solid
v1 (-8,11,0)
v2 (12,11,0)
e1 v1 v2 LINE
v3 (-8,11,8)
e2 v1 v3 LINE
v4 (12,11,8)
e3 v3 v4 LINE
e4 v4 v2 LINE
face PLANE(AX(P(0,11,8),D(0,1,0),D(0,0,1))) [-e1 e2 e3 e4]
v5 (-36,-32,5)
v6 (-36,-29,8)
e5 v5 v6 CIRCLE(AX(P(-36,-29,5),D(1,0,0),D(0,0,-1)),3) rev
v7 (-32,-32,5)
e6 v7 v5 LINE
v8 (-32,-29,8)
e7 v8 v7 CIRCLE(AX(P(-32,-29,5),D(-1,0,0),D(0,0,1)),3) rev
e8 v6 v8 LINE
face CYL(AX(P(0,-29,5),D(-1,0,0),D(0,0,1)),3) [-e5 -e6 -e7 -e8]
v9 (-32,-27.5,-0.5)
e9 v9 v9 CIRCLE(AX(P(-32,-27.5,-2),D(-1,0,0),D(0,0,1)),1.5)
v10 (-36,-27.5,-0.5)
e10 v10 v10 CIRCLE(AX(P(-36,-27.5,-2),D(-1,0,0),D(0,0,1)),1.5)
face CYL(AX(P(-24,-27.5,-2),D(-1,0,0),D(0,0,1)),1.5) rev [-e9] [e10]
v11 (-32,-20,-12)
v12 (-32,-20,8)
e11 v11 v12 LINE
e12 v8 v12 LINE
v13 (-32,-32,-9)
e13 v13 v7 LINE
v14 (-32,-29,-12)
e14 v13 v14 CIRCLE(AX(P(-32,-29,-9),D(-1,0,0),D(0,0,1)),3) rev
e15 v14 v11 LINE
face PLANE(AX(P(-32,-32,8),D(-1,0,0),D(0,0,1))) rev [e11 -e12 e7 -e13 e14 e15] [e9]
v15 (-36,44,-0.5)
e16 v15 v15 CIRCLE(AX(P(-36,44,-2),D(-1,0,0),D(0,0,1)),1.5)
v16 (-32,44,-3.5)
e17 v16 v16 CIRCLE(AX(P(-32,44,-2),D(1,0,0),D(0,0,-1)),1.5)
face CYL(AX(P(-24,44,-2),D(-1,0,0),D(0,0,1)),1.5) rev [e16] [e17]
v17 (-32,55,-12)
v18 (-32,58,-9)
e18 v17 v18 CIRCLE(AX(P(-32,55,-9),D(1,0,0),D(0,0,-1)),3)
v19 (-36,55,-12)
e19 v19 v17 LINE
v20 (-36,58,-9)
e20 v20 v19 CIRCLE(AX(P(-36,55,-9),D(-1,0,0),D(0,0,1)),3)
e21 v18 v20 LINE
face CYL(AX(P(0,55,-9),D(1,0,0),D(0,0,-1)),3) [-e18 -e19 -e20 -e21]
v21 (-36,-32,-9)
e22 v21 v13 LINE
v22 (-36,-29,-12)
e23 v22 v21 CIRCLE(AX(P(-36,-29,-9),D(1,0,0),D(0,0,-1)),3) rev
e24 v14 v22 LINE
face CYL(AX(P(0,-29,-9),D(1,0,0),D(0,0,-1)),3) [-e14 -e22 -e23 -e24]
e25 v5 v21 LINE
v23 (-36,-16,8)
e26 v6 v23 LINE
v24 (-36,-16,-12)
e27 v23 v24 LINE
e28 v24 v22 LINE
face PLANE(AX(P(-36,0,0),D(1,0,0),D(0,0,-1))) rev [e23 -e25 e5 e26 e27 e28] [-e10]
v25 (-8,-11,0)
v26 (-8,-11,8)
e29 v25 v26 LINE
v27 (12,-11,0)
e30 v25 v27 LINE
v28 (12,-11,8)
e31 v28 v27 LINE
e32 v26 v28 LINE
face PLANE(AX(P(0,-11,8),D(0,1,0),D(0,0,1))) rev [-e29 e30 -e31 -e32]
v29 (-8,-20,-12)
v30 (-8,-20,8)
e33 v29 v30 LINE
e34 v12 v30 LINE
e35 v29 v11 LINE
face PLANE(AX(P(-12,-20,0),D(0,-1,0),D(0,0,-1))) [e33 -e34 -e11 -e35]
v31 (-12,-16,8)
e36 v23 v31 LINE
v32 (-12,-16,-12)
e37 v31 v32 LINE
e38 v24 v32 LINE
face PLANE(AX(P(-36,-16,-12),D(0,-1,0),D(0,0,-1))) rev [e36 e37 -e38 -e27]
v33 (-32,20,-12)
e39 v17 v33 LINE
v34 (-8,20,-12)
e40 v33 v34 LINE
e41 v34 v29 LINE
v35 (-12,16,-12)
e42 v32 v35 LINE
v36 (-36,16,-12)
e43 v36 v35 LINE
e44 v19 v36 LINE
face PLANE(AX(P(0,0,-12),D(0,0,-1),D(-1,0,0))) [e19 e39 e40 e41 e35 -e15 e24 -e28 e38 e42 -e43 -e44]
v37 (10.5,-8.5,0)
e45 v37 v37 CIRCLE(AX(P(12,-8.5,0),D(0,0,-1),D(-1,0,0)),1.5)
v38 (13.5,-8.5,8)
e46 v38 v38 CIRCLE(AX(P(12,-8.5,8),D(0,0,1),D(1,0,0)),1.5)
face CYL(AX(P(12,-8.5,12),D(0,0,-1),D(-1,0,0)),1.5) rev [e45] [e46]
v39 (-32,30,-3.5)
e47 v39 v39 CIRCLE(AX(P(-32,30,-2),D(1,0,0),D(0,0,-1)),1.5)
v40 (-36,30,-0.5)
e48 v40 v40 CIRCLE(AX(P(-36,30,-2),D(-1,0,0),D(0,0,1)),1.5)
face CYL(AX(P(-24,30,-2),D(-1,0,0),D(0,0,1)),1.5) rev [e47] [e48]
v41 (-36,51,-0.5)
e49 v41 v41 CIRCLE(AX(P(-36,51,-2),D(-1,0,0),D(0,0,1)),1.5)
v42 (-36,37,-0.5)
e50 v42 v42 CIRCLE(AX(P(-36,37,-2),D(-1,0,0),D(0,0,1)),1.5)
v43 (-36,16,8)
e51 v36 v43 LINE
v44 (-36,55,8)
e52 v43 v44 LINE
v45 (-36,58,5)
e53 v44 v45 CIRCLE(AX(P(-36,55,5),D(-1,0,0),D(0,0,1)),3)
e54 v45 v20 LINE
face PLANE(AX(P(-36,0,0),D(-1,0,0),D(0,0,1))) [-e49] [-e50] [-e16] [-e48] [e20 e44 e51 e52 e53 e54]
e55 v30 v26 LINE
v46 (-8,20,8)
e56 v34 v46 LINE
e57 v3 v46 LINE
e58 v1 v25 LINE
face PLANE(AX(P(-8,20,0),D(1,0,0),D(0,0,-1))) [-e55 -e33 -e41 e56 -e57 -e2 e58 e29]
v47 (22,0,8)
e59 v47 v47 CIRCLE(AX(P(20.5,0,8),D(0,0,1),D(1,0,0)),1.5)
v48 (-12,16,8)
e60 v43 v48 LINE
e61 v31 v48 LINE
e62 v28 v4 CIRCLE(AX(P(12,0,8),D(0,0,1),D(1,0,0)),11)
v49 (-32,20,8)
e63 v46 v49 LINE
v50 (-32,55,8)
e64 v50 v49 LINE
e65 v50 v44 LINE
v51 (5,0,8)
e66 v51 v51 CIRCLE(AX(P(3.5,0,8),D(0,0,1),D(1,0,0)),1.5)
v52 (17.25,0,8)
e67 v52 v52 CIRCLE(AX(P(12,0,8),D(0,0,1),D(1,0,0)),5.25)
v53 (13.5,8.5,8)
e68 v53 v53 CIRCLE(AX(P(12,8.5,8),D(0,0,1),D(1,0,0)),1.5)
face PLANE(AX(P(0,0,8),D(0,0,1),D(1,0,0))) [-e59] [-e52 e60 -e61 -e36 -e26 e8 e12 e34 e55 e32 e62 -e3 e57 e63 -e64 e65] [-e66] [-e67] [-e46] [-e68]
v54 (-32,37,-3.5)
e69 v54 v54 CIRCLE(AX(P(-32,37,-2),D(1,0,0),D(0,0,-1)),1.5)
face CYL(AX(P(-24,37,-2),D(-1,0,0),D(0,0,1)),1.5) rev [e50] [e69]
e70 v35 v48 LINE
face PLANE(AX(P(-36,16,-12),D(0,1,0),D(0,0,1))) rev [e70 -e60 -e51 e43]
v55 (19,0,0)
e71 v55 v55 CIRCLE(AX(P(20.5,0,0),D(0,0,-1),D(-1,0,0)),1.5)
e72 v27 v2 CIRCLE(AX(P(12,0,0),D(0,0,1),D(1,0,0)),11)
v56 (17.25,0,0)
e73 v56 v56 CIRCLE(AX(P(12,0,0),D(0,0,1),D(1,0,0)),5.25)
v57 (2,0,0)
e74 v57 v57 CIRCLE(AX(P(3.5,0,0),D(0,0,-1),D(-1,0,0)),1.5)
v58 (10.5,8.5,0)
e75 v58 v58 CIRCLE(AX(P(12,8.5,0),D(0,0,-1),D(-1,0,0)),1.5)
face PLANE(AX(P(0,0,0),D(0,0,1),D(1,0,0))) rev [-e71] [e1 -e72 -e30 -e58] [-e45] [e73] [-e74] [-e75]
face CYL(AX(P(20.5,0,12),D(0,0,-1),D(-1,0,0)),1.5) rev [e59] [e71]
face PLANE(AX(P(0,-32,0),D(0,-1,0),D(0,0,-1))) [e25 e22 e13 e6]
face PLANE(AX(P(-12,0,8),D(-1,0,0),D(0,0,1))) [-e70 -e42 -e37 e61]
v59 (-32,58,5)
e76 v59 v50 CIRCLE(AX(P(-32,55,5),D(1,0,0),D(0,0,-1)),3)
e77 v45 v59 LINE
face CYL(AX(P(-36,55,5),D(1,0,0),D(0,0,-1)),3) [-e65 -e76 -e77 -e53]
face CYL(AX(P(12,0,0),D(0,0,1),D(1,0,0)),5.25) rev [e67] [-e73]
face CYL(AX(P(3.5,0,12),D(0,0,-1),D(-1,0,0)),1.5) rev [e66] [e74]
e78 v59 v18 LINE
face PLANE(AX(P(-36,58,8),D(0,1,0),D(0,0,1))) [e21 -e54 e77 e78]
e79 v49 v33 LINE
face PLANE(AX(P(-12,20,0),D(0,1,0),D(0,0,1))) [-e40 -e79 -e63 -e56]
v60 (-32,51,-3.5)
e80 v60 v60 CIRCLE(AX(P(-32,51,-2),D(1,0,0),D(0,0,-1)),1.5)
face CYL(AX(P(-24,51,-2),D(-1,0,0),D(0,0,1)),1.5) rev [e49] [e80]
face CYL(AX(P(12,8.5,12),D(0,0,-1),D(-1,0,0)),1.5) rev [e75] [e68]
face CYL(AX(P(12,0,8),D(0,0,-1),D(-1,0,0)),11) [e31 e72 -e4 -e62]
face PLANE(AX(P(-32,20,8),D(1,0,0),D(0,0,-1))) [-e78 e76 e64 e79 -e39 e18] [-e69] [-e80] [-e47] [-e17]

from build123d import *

# Parameters (mm, degrees)
BOSS_EXTRUDE2_DEPTH = 8
SKETCH3_R           = 5.25
CUT_EXTRUDE1_DEPTH  = 8
SKETCH7_W           = 4
SKETCH7_H           = 9
BOSS_EXTRUDE3_DEPTH = 8
SKETCH8_W           = 4
SKETCH8_H           = 40
BOSS_EXTRUDE4_DEPTH = 12
SKETCH9_W           = 20
SKETCH9_H           = 4
BOSS_EXTRUDE5_DEPTH = 24
SKETCH10_W          = 20
SKETCH10_H          = 4
BOSS_EXTRUDE6_DEPTH = 24
SKETCH12_W          = 4
SKETCH12_H          = 38
BOSS_EXTRUDE7_DEPTH = 20
SKETCH13_W          = 4
SKETCH13_H          = 20
BOSS_EXTRUDE8_DEPTH = 12
SKETCH14_R          = 1.5
CUT_EXTRUDE2_DEPTH  = 12
SKETCH15_R          = 1.5
CUT_EXTRUDE3_DEPTH  = 12
FILLET1_R           = 3
SKETCH16_R          = 1.5
CUT_EXTRUDE4_DEPTH  = 12


with BuildPart() as part:
    # Sketch1 → Boss-Extrude2 (new body)
    with BuildSketch(Plane.XY):
        with BuildLine():
            ThreePointArc((12, 11), (1, 0), (12, -11))
            Line((12, -11), (12, 11))
        make_face()
        with BuildLine():
            Line((12, 11), (12, -11))
            ThreePointArc((12, -11), (19.778174593, -7.778174593), (23, 0))
            ThreePointArc((23, 0), (19.778174593, 7.778174593), (12, 11))
        make_face()
        with BuildLine():
            Line((-12, 11), (-12, -11))
            Line((-12, -11), (12, -11))
            ThreePointArc((12, -11), (1, 0), (12, 11))
            Line((12, 11), (-12, 11))
        make_face()
    extrude(amount=BOSS_EXTRUDE2_DEPTH)

    # Sketch3 → Cut-Extrude1 (cut)
    with BuildSketch(Plane.XY.offset(8)):
        with Locations((12, 0)):
            Circle(SKETCH3_R)
    extrude(amount=-CUT_EXTRUDE1_DEPTH, mode=Mode.SUBTRACT)

    # Sketch7 → Boss-Extrude3 (add)
    with BuildSketch(Plane.XY.offset(8)):
        with Locations((-10, 15.5)):
            Rectangle(SKETCH7_W, SKETCH7_H)
        with Locations((-10, -15.5)):
            Rectangle(SKETCH7_W, SKETCH7_H)
    extrude(amount=-BOSS_EXTRUDE3_DEPTH)

    # Sketch8 → Boss-Extrude4 (add)
    with BuildSketch(Plane(origin=(0, 0, 0), x_dir=(-1, 0, 0), z_dir=(0, 0, -1))):
        with Locations((10, 0)):
            Rectangle(SKETCH8_W, SKETCH8_H)
    extrude(amount=BOSS_EXTRUDE4_DEPTH)

    # Sketch9 → Boss-Extrude5 (add)
    with BuildSketch(Plane.ZY.offset(12)):
        with Locations((-2, 18)):
            Rectangle(SKETCH9_W, SKETCH9_H)
    extrude(amount=BOSS_EXTRUDE5_DEPTH)

    # Sketch10 → Boss-Extrude6 (add)
    with BuildSketch(Plane.ZY.offset(12)):
        with Locations((-2, -18)):
            Rectangle(SKETCH10_W, SKETCH10_H)
    extrude(amount=BOSS_EXTRUDE6_DEPTH)

    # Sketch12 → Boss-Extrude7 (add)
    with BuildSketch(Plane(origin=(0, 0, -12), x_dir=(-1, 0, 0), z_dir=(0, 0, -1))):
        with Locations((34, 39)):
            Rectangle(SKETCH12_W, SKETCH12_H)
    extrude(amount=-BOSS_EXTRUDE7_DEPTH)

    # Sketch13 → Boss-Extrude8 (add)
    with BuildSketch(Plane.XZ.offset(20)):
        with Locations((-34, -2)):
            Rectangle(SKETCH13_W, SKETCH13_H)
    extrude(amount=BOSS_EXTRUDE8_DEPTH)

    # Sketch14 → Cut-Extrude2 (cut)
    with BuildSketch(Plane.ZY.offset(36)):
        with Locations((-2, -27.5)):
            Circle(SKETCH14_R)
    extrude(amount=-CUT_EXTRUDE2_DEPTH, mode=Mode.SUBTRACT)

    # Sketch15 → Cut-Extrude3 (cut)
    with BuildSketch(Plane.ZY.offset(36)):
        with Locations((-2, 51)):
            Circle(SKETCH15_R)
        with Locations((-2, 44)):
            Circle(SKETCH15_R)
        with Locations((-2, 37)):
            Circle(SKETCH15_R)
        with Locations((-2, 30)):
            Circle(SKETCH15_R)
    extrude(amount=-CUT_EXTRUDE3_DEPTH, mode=Mode.SUBTRACT)

    # Fillet1
    fillet1_edges = [part.edges().sort_by_distance(p)[0] for p in [
        (-34, -32, -12),
        (-34, -32, 8),
        (-34, 58, 8),
        (-34, 58, -12),
    ]]
    fillet(fillet1_edges, radius=FILLET1_R)

    # Sketch16 → Cut-Extrude4 (cut)
    with BuildSketch(Plane(origin=(0, 0, 0), x_dir=(-1, 0, 0), z_dir=(0, 0, -1))):
        with Locations((-12, 8.5)):
            Circle(SKETCH16_R)
        with Locations((-20.5, 0)):
            Circle(SKETCH16_R)
        with Locations((-12, -8.5)):
            Circle(SKETCH16_R)
        with Locations((-3.5, 0)):
            Circle(SKETCH16_R)
    extrude(amount=-CUT_EXTRUDE4_DEPTH, mode=Mode.SUBTRACT)


solid = part.part
